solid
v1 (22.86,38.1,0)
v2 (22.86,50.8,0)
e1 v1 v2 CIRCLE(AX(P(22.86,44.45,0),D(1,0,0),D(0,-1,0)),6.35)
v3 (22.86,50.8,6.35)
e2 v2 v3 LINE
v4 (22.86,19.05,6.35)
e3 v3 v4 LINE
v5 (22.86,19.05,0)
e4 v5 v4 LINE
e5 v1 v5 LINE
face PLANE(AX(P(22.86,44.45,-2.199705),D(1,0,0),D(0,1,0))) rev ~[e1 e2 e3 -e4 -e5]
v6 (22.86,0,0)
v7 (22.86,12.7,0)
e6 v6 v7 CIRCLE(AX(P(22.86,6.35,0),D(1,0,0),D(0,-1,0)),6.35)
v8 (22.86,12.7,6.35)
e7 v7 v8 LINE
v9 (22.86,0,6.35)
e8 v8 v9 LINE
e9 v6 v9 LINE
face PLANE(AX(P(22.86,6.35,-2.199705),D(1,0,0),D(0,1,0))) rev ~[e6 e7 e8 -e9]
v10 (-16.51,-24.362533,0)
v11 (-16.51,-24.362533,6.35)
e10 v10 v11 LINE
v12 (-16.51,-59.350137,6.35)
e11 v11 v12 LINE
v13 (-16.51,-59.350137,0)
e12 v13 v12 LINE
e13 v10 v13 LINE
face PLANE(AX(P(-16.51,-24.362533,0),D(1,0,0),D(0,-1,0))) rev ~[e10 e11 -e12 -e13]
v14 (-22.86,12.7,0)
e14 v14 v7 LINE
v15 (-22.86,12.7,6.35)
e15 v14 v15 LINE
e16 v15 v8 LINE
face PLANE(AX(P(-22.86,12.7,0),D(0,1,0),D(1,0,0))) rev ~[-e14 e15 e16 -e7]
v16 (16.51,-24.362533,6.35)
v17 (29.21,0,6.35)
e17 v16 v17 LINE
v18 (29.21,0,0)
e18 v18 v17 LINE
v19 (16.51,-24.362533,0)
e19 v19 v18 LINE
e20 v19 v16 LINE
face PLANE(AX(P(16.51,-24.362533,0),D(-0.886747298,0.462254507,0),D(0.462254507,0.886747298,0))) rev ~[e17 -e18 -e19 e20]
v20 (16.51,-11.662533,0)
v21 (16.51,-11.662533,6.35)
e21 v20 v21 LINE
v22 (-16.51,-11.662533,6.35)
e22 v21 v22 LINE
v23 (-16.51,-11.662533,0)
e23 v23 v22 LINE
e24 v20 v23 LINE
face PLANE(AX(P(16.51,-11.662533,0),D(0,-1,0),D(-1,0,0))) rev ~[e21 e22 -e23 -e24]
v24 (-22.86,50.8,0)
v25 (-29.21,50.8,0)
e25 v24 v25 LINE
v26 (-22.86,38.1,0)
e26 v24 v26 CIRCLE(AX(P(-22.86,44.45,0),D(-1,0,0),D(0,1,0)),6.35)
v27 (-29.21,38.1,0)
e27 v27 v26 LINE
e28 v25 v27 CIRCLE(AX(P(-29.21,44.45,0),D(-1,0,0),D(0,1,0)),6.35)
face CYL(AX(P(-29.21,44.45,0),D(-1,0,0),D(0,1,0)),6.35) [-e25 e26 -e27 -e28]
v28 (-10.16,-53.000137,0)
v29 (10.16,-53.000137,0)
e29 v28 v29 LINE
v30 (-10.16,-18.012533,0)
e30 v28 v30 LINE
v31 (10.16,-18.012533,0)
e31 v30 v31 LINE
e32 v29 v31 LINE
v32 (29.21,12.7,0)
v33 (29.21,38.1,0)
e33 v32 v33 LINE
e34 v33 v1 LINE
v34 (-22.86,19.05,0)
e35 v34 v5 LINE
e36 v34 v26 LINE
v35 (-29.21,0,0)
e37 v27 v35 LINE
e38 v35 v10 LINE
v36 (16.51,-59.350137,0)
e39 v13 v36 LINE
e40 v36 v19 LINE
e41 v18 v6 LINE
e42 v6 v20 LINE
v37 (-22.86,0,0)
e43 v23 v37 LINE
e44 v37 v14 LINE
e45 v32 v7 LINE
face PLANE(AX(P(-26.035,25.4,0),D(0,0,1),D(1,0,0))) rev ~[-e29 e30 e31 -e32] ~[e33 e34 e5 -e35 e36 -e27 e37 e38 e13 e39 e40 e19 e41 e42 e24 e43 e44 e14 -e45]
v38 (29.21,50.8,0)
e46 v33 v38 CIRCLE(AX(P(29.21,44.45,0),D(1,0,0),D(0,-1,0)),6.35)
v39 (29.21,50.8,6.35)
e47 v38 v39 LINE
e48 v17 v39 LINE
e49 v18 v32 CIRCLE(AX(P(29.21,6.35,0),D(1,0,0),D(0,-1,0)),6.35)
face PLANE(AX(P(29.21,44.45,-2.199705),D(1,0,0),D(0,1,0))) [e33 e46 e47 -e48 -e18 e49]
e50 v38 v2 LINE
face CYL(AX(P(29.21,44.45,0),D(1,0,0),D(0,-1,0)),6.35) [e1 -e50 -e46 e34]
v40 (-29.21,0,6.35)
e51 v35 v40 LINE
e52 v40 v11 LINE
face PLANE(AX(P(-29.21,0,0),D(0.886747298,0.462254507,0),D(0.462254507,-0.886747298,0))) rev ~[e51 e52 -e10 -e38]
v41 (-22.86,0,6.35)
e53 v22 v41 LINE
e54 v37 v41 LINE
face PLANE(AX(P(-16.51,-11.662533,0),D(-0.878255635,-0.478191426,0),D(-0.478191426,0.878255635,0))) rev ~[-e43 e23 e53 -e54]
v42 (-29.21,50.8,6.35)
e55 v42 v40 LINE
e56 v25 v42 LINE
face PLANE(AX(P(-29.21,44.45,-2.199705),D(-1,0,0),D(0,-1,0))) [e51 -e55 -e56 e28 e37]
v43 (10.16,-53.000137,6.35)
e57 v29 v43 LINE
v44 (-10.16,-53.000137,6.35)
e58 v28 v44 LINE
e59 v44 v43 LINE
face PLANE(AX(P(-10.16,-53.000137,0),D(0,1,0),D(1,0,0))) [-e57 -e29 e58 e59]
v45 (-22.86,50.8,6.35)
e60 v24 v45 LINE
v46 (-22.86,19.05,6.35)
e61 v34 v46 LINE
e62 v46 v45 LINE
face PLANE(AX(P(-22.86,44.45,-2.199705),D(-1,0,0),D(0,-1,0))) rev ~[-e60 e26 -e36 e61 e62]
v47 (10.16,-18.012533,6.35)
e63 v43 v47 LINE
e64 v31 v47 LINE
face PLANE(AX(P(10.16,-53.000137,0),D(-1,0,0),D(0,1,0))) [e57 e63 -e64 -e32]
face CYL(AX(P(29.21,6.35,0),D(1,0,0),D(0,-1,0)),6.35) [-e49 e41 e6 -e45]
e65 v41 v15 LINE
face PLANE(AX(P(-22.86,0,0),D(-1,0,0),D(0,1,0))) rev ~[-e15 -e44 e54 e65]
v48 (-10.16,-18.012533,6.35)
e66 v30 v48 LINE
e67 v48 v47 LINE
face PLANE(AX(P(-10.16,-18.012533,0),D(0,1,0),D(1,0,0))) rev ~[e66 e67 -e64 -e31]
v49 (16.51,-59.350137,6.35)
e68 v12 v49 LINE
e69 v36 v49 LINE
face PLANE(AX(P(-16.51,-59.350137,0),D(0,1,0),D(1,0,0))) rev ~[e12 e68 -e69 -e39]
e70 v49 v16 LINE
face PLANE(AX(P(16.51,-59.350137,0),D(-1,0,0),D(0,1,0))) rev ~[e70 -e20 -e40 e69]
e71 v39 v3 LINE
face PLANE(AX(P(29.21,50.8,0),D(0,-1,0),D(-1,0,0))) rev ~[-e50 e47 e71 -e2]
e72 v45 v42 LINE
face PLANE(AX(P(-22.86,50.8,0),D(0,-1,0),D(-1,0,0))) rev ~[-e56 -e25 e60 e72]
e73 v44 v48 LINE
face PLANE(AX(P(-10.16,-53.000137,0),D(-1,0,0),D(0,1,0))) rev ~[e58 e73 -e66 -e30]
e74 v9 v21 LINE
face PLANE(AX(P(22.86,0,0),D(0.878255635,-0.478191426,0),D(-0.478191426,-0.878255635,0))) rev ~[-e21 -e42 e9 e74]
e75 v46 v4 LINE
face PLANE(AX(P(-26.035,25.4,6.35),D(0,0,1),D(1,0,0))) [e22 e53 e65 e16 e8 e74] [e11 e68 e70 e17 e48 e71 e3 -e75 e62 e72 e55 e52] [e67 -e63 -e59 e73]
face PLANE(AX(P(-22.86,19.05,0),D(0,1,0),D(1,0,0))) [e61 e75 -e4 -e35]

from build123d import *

# Parameters (mm, degrees)
F0_W     = 45.72
F0_H     = 6.35
F0_W_2   = 20.32
F0_H_2   = 34.987604
F1_DEPTH = 6.35
F3_DEPTH = 6.35
F5_DEPTH = 6.35


with BuildPart() as f1:
    # F0 (on Top) → F1 (new body)
    with BuildSketch(Plane.XY):
        Polygon((-22.86, 50.8), (-29.21, 50.8), (-29.21, 0), (-22.86, 0), (-22.86, 12.7), (-22.86, 19.05), align=None)
        Polygon((-22.86, 0), (-29.21, 0), (-16.51, -24.362533), (-16.51, -11.662533), align=None)
        with Locations((0, 15.875)):
            Rectangle(F0_W, F0_H)
        Polygon((-16.51, -11.662533), (-16.51, -24.362533), (-16.51, -59.350137), (16.51, -59.350137), (16.51, -24.362533), (16.51, -11.662533), align=None)
        with Locations((0, -35.506335)):
            Rectangle(F0_W_2, F0_H_2, mode=Mode.SUBTRACT)
        Polygon((22.86, 50.8), (22.86, 19.05), (22.86, 12.7), (22.86, 0), (29.21, 0), (29.21, 50.8), align=None)
        Polygon((22.86, 0), (16.51, -11.662533), (16.51, -24.362533), (29.21, 0), align=None)
    extrude(amount=F1_DEPTH)

    # F2 (on face) → F3 (join)
    with BuildSketch(Plane.YZ.offset(29.21)):
        with BuildLine():
            Line((50.8, 0), (38.1, 0))
            ThreePointArc((38.1, 0), (44.45, -6.35), (50.8, 0))
        make_face()
        with BuildLine():
            Line((12.7, 0), (0, 0))
            ThreePointArc((0, 0), (6.35, -6.35), (12.7, 0))
        make_face()
    extrude(amount=-F3_DEPTH)

    # F4 (on face) → F5 (join)
    with BuildSketch(Plane(origin=(-29.21, 0, 0), x_dir=(0, -1, 0), z_dir=(-1, 0, 0))):
        with BuildLine():
            Line((-38.1, 0), (-50.8, 0))
            ThreePointArc((-50.8, 0), (-44.45, -6.35), (-38.1, 0))
        make_face()
    extrude(amount=-F5_DEPTH)


solid = f1.part
